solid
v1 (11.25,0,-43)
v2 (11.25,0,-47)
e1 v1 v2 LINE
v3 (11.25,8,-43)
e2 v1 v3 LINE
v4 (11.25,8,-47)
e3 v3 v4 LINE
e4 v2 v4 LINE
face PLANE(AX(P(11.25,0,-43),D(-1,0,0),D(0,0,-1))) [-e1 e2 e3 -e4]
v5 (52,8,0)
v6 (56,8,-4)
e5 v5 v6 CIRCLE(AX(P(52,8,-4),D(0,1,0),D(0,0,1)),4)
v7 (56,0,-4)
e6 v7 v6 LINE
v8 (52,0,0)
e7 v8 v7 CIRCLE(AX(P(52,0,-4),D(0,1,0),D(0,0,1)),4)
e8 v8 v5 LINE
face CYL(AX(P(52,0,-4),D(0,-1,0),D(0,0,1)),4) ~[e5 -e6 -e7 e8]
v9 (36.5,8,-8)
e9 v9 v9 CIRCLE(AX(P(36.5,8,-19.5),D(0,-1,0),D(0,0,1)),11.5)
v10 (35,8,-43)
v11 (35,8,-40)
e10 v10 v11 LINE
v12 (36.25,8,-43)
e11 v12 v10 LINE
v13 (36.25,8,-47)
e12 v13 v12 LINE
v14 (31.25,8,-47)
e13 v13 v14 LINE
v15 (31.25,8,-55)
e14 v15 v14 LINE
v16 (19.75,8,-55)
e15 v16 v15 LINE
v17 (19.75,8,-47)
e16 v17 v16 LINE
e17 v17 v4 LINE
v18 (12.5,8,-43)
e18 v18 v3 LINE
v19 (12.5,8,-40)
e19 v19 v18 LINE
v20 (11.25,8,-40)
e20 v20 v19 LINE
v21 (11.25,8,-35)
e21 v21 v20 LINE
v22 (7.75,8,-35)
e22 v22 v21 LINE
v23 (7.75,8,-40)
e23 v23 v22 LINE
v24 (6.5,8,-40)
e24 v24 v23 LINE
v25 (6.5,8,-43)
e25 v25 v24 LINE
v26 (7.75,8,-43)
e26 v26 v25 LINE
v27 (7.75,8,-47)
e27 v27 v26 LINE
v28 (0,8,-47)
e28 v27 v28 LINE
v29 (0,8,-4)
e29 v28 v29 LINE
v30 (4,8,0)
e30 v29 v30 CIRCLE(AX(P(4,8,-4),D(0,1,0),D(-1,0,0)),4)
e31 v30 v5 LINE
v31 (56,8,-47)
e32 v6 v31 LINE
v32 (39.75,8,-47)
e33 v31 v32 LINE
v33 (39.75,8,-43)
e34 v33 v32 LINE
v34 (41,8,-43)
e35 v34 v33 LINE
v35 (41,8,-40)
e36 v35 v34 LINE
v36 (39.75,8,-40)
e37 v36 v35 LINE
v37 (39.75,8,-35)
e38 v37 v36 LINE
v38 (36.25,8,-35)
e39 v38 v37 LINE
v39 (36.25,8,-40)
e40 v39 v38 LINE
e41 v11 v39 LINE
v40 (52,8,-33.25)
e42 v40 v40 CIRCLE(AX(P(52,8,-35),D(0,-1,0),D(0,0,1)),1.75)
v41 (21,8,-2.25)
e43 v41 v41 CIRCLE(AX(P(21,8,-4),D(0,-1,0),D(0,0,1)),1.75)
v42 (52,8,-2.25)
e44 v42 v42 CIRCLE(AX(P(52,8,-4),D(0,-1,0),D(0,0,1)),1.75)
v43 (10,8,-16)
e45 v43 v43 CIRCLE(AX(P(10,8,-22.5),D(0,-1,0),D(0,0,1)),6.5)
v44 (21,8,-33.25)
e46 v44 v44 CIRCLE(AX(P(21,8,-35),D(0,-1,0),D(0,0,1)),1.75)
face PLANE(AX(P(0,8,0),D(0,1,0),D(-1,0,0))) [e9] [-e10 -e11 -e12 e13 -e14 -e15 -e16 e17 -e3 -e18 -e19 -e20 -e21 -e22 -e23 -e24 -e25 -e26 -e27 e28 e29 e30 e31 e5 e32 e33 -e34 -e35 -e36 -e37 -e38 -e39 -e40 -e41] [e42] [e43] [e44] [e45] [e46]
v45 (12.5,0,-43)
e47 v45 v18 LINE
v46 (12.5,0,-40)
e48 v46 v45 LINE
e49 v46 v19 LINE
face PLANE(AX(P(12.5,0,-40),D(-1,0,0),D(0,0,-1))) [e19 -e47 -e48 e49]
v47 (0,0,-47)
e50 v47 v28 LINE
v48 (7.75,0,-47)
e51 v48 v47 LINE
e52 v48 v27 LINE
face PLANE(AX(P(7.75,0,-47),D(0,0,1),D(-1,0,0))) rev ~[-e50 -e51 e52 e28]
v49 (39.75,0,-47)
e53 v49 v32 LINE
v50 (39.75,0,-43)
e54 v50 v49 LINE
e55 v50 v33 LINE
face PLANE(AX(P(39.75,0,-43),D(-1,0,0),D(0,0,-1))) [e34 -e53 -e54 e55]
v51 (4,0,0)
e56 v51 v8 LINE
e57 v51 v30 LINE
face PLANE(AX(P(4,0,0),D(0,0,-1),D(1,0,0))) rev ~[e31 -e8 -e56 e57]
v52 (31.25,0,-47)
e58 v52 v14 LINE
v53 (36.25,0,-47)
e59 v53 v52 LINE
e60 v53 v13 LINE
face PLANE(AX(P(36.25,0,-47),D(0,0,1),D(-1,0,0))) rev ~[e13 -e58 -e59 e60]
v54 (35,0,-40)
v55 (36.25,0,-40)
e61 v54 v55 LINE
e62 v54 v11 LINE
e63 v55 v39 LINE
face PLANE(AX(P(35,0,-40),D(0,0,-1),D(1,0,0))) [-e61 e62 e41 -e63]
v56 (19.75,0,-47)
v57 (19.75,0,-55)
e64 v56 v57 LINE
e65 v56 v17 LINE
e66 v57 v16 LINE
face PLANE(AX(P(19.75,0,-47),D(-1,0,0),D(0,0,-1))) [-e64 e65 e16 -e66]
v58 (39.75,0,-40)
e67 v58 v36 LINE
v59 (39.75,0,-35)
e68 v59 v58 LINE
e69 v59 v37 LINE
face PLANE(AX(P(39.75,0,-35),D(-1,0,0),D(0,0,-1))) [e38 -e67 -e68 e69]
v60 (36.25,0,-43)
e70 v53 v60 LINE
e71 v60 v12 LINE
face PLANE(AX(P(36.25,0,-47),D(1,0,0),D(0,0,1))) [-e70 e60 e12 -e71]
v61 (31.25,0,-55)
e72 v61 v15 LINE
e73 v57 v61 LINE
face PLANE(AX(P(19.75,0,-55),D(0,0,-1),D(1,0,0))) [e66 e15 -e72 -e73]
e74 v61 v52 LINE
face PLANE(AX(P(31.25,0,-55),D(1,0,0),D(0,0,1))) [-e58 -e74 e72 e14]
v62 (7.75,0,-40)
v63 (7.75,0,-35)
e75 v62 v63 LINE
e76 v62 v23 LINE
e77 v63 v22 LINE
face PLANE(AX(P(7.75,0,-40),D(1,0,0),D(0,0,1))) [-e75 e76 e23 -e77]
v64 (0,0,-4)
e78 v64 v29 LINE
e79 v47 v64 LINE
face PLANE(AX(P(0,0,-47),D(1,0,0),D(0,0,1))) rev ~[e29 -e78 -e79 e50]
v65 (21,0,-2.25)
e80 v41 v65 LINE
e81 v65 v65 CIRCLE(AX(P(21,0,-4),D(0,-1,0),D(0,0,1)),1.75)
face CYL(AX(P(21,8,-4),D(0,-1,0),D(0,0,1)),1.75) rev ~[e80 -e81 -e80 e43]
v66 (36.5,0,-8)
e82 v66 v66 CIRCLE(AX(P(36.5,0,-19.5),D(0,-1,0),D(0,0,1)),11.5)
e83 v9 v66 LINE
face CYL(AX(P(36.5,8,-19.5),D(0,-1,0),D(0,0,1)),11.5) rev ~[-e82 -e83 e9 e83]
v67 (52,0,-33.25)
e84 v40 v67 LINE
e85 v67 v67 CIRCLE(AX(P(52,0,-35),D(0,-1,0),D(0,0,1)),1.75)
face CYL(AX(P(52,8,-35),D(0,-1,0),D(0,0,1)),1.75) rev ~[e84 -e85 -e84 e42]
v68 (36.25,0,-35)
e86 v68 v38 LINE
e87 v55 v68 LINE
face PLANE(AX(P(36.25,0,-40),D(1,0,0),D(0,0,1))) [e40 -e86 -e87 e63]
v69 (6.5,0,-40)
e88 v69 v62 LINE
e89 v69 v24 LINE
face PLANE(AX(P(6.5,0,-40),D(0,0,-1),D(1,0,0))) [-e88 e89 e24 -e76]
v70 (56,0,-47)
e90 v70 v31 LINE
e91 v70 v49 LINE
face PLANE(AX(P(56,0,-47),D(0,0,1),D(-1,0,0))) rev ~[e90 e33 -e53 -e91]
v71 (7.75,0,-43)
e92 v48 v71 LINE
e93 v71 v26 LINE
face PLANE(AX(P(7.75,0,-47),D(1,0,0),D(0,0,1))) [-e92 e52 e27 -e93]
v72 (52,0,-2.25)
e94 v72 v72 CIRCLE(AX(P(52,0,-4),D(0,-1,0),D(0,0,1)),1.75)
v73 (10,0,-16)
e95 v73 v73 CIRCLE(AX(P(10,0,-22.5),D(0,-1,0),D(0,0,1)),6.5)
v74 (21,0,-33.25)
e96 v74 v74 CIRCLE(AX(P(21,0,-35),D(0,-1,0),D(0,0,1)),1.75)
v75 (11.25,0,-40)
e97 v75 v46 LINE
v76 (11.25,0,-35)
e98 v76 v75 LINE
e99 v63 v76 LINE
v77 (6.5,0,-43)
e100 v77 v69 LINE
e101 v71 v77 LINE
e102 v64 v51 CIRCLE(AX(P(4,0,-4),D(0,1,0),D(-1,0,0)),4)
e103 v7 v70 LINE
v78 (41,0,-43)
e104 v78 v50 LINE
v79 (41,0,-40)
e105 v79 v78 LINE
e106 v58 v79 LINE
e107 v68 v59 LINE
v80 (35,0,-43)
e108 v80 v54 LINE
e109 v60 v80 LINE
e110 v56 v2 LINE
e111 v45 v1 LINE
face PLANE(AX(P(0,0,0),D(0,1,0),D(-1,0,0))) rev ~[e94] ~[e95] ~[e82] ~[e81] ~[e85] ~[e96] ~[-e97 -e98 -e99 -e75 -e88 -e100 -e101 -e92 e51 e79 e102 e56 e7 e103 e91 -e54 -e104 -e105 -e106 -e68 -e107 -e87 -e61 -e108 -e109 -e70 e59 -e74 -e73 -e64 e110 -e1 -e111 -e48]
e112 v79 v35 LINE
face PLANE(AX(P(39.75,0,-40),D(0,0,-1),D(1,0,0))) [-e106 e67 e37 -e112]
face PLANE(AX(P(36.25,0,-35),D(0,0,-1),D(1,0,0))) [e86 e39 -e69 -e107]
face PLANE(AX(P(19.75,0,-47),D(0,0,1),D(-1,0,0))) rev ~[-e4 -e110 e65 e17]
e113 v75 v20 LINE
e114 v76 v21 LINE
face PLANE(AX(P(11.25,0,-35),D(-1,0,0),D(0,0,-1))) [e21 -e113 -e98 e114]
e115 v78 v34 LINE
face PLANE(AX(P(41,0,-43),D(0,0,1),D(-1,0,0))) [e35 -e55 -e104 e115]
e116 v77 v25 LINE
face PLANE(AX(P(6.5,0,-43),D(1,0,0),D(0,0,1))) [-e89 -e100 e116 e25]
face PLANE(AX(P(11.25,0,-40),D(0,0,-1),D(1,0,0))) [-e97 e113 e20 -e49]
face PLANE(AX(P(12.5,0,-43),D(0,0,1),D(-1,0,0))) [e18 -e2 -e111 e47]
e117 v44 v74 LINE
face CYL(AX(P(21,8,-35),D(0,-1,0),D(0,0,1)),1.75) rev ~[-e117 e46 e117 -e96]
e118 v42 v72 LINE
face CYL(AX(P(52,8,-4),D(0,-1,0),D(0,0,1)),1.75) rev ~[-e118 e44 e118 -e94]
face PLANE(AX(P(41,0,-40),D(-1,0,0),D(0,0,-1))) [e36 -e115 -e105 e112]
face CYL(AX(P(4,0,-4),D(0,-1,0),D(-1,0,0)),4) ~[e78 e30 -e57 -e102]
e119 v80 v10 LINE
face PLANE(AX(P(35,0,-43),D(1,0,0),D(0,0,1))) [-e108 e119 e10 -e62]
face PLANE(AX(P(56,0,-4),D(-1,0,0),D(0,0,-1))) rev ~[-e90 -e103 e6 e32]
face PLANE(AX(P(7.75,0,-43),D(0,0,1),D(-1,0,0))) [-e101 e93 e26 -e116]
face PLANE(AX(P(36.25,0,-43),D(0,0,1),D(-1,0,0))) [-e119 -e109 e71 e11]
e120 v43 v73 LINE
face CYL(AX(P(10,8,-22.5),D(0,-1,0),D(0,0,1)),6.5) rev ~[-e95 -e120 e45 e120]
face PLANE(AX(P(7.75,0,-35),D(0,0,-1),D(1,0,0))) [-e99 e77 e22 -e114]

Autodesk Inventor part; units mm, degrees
ref_plane "YZ Plane" through (0, 0, 0) normal (1, 0, 0) x (0, 1, 0)
ref_plane "XY Plane" through (0, 0, 0) normal (0, 0, 1) x (1, 0, 0)
sketch "Sketch1" plane through (0, 0, 0) normal (0, 1, 0) x (-1, 0, 0)
  line L0 (-4, 0) -> (-52, 0)
  line L1 (-56, -4) -> (-56, -47)
  line L2 (0, -47) -> (0, -4)
  line L3 (-19.75, -47) -> (-19.75, -55)
  line L4 (-19.75, -55) -> (-31.25, -55)
  line L5 (-31.25, -55) -> (-31.25, -47)
  line L6 (-7.75, -47) -> (-7.75, -43)
  line L7 (-7.75, -43) -> (-6.5, -43)
  line L8 (-6.5, -43) -> (-6.5, -40)
  line L9 (-6.5, -40) -> (-7.75, -40)
  line L10 (-7.75, -40) -> (-7.75, -35)
  line L11 (-7.75, -35) -> (-11.25, -35)
  line L12 (-11.25, -35) -> (-11.25, -40)
  line L13 (-11.25, -40) -> (-12.5, -40)
  line L14 (-12.5, -40) -> (-12.5, -43)
  line L15 (-12.5, -43) -> (-11.25, -43)
  line L16 (-11.25, -43) -> (-11.25, -47)
  line L17 (-36.25, -47) -> (-36.25, -43)
  line L18 (-36.25, -43) -> (-35, -43)
  line L19 (-35, -43) -> (-35, -40)
  line L20 (-35, -40) -> (-36.25, -40)
  line L21 (-36.25, -40) -> (-36.25, -35)
  line L22 (-36.25, -35) -> (-39.75, -35)
  line L23 (-39.75, -35) -> (-39.75, -40)
  line L24 (-39.75, -40) -> (-41, -40)
  line L25 (-41, -40) -> (-41, -43)
  line L26 (-41, -43) -> (-39.75, -43)
  line L27 (-39.75, -43) -> (-39.75, -47)
  line L28 (-19.75, -47) -> (-11.25, -47)
  line L29 (-7.75, -47) -> (0, -47)
  line L30 (-56, -47) -> (-39.75, -47)
  line L31 (-36.25, -47) -> (-31.25, -47)
  arc A0 (0, -4) -> (-4, 0) centre (-4, -4) ccw
  arc A1 (-52, 0) -> (-56, -4) centre (-52, -4) ccw
  point P0 (0, 0)
  point P1 (-56, 0)
  dimension "d0" = 56
  dimension "d1" = 47
  dimension "d2" = 8
  dimension "d3" = 11.5
  dimension "d4" = 19.75
  dimension "d5" = 4
  dimension "d6" = 3
  dimension "d7" = 5
  dimension "d8" = 3.5
  dimension "d9" = 6
  dimension "d10" = 7.75
  dimension "d11" = 3.5
  dimension "d12" = 6
  dimension "d13" = 16.25
  dimension "d14" = 4
extrude "Extrusion1" add sketch "Sketch1" along normal blind 8
sketch "Sketch2" plane through (0, 8, 0) normal (0, 1, 0) x (1, 0, 0)
  line L0 (56, 4) -> (56, 47) construction
  line L1 (56, 47) -> (39.75, 47) construction
  line L2 (39.75, 47) -> (39.75, 43) construction
  line L3 (39.75, 43) -> (41, 43) construction
  line L4 (41, 43) -> (41, 40) construction
  line L5 (41, 40) -> (39.75, 40) construction
  line L6 (39.75, 40) -> (39.75, 35) construction
  line L7 (39.75, 35) -> (36.25, 35) construction
  line L8 (36.25, 35) -> (36.25, 40) construction
  line L9 (36.25, 40) -> (35, 40) construction
  line L10 (35, 40) -> (35, 43) construction
  line L11 (35, 43) -> (36.25, 43) construction
  line L12 (36.25, 43) -> (36.25, 47) construction
  line L13 (36.25, 47) -> (31.25, 47) construction
  line L14 (31.25, 47) -> (31.25, 55) construction
  line L15 (31.25, 55) -> (19.75, 55) construction
  line L16 (19.75, 55) -> (19.75, 47) construction
  line L17 (19.75, 47) -> (11.25, 47) construction
  line L18 (11.25, 47) -> (11.25, 43) construction
  line L19 (11.25, 43) -> (12.5, 43) construction
  line L20 (12.5, 43) -> (12.5, 40) construction
  line L21 (12.5, 40) -> (11.25, 40) construction
  line L22 (11.25, 40) -> (11.25, 35) construction
  line L23 (11.25, 35) -> (7.75, 35) construction
  line L24 (7.75, 35) -> (7.75, 40) construction
  line L25 (7.75, 40) -> (6.5, 40) construction
  line L26 (6.5, 40) -> (6.5, 43) construction
  line L27 (6.5, 43) -> (7.75, 43) construction
  line L28 (7.75, 43) -> (7.75, 47) construction
  line L29 (7.75, 47) -> (0, 47) construction
  line L30 (0, 47) -> (0, 4) construction
  arc A0 (0, 4) -> (4, 0) centre (4, 4) ccw construction
  line L31 (4, 0) -> (52, 0) construction
  arc A1 (52, 0) -> (56, 4) centre (52, 4) ccw construction
  line L32 (21, 4) -> (52, 4) construction
  line L33 (52, 4) -> (52, 35) construction
  line L34 (52, 35) -> (21, 35) construction
  line L35 (21, 35) -> (21, 4) construction
  line L36 (21, 35) -> (52, 4) construction
  point P0 (0, 0)
  point P1 (36.5, 19.5)
  point P2 (10, 22.5)
  dimension "d17" = 31
  dimension "d18" = 31
  dimension "d19" = 4
  dimension "d20" = 4
  dimension "d21" = 22.5
  dimension "d22" = 10
hole "Hole1" at (21, 8, -35) at (52, 8, -35) at (52, 8, -4) at (21, 8, -4) direction (0, -1, 0) diameter 3.5 end through all
hole "Hole2" at (36.5, 8, -19.5) direction (0, -1, 0) diameter 23 end through all
hole "Hole3" at (10, 8, -22.5) direction (0, -1, 0) diameter 13 end through all
ref_plane "Work Plane1" through (0, 4, 0) normal (0, 1, 0) x (-1, 0, 0)
equation "\"d11\" = d8"
equation "\"d12\" = d9"
equation "\"d44\" = 0.5 * THICKNESS"
equation "\"THICKNESS\" = 8"
properties part number "A8-0003"
